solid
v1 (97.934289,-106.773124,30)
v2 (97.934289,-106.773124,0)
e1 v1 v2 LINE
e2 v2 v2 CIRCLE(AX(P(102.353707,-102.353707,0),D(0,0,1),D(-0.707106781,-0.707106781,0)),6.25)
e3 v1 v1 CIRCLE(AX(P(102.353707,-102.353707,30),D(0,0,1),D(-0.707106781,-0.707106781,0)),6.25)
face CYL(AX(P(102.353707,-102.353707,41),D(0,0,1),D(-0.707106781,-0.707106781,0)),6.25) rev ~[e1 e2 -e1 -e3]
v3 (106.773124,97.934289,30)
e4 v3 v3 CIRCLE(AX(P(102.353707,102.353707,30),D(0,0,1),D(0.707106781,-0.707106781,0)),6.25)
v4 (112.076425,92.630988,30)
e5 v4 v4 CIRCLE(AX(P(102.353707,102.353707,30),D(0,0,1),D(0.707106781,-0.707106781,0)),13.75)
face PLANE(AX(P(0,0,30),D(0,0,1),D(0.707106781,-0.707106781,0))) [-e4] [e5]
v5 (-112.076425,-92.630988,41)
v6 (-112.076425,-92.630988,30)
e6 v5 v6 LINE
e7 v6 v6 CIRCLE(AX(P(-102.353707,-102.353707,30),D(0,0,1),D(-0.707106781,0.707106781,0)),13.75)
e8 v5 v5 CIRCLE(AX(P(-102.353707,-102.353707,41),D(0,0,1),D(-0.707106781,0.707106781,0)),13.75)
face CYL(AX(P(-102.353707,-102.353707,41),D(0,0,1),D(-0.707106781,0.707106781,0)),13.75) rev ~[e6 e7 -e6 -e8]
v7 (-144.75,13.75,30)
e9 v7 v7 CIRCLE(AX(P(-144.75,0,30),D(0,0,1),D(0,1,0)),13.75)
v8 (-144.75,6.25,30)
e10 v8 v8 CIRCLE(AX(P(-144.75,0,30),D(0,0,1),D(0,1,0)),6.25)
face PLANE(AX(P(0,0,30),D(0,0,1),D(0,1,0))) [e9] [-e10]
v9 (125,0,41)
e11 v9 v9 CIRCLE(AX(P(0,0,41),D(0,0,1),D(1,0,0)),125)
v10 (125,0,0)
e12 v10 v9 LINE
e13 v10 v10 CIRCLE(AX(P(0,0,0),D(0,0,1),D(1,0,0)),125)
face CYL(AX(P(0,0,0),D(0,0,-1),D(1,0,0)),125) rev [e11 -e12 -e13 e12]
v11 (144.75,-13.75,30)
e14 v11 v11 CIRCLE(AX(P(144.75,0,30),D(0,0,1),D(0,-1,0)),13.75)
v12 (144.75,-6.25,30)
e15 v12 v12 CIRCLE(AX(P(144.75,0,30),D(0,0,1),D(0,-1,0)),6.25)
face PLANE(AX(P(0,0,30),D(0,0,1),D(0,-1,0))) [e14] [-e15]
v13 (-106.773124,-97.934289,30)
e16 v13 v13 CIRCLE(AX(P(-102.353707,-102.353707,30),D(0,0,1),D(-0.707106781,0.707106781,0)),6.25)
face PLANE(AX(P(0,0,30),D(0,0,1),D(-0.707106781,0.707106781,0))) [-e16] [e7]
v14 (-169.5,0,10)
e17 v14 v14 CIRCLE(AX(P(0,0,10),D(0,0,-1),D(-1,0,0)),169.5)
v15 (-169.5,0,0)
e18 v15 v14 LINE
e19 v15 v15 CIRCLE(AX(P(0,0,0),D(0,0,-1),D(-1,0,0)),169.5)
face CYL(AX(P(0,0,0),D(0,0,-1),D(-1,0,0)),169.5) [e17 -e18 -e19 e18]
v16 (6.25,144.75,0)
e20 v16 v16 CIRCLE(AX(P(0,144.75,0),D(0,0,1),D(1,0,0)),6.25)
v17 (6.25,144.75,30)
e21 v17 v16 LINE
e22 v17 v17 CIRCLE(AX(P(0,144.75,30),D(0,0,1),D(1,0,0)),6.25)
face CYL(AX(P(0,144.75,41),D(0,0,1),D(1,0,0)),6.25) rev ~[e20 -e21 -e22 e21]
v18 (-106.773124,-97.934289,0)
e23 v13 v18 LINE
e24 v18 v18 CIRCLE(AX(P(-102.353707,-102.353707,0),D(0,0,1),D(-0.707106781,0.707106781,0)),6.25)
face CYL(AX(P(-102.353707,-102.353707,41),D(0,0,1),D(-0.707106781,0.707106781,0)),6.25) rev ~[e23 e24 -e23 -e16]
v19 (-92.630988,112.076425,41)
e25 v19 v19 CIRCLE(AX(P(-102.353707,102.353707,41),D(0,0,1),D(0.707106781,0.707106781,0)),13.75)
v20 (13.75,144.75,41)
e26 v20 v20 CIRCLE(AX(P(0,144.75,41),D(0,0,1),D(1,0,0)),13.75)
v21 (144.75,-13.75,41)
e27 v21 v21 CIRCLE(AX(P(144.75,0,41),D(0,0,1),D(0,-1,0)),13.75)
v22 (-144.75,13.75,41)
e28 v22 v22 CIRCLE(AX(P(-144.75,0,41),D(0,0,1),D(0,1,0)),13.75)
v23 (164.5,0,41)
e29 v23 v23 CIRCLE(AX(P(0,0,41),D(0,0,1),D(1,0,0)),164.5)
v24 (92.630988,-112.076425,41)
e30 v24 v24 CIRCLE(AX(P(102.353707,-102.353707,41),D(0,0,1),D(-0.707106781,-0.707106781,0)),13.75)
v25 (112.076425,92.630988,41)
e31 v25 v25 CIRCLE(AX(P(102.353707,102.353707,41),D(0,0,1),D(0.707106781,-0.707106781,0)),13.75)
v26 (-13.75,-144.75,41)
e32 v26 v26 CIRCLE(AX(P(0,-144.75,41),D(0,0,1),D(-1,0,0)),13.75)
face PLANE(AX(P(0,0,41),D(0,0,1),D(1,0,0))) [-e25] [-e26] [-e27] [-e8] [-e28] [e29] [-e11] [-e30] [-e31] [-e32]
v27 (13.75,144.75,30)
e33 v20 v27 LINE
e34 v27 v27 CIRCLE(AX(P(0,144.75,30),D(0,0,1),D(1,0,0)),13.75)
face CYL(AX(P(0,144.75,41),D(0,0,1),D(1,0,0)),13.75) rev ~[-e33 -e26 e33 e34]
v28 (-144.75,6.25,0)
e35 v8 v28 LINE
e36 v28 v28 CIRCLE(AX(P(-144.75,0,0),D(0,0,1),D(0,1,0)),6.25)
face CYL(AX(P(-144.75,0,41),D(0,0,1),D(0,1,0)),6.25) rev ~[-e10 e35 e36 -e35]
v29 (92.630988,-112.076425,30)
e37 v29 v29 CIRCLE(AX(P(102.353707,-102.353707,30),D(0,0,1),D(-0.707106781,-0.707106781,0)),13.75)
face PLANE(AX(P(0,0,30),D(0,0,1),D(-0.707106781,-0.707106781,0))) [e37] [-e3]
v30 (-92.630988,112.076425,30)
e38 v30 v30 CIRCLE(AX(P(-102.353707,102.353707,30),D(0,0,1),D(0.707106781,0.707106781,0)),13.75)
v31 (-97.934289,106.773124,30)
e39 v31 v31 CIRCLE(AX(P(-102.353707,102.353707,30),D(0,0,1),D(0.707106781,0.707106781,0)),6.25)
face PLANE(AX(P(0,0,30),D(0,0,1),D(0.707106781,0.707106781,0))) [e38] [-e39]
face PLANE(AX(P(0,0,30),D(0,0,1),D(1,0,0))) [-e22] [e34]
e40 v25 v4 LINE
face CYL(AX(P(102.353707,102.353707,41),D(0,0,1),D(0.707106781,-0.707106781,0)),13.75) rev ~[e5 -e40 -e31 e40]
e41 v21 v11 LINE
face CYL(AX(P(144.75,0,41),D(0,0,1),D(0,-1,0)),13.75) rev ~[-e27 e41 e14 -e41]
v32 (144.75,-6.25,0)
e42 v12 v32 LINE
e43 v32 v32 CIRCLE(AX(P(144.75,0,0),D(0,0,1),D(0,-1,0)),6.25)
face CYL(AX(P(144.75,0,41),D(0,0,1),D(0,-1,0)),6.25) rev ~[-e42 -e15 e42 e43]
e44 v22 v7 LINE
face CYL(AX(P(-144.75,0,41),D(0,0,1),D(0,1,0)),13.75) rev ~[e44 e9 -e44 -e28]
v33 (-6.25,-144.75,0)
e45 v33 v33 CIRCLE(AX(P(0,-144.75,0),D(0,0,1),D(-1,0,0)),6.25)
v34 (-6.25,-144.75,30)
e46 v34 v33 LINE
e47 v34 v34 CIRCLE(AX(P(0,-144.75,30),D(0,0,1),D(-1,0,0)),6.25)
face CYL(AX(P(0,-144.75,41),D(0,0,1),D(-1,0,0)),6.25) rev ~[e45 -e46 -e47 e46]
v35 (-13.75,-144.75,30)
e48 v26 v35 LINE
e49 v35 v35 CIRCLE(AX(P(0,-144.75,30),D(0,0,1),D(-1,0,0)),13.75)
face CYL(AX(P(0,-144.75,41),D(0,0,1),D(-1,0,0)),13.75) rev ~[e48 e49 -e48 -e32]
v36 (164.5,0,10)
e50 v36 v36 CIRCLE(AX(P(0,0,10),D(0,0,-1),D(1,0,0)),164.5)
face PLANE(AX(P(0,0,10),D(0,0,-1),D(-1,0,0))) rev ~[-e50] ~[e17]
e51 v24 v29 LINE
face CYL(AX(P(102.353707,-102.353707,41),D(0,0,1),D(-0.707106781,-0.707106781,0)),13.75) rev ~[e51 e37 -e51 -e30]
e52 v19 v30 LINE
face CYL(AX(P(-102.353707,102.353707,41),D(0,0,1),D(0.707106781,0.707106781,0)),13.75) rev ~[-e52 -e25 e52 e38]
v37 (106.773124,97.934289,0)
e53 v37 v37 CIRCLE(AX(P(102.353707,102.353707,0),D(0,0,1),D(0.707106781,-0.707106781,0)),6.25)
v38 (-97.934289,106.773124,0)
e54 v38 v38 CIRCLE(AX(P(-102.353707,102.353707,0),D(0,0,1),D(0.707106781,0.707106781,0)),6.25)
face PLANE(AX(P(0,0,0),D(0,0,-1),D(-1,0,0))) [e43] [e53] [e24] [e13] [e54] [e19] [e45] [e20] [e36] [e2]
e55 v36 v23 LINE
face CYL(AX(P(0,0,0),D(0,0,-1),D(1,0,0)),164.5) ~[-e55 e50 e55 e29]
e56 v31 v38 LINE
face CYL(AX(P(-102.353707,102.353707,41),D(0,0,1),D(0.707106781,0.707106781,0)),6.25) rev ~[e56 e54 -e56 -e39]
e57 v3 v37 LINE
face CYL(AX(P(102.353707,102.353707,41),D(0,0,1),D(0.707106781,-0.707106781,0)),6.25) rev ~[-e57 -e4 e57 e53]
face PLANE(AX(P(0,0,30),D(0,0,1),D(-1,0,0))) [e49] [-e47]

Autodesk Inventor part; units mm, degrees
ref_plane "YZ Plane" through (0, 0, 0) normal (1, 0, 0) x (0, 1, 0)
ref_plane "XZ Plane" through (0, 0, 0) normal (0, 1, 0) x (-1, 0, 0)
ref_plane "XY Plane" through (0, 0, 0) normal (0, 0, 1) x (1, 0, 0)
sketch "Sketch1" plane through (0, 0, 0) normal (0, 0, 1) x (1, 0, 0)
  circle A0 centre (0, 0) radius 125
  circle A1 centre (0, 0) radius 164.5
  dimension "d0" = 39.5
  dimension "d1" = 250
extrude "Extrusion1" add sketch "Sketch1" along normal blind 41
sketch "Sketch2" plane through (0, 0, 41) normal (0, 0, 1) x (1, 0, 0)
  circle A0 centre (0, 0) radius 164.5 construction
  circle A1 centre (0, 0) radius 125 construction
  line L0 (0, 164.5) -> (0, 125) construction
  circle A2 centre (0, 144.75) radius 6.25
  dimension "d4" = 12.5
extrude "Extrusion2" cut sketch "Sketch2" against normal through all
sketch "Sketch3" plane through (0, 0, 41) normal (0, 0, 1) x (1, 0, 0)
  circle A0 centre (0, 144.75) radius 6.25 projected
  circle A1 centre (0, 144.75) radius 13.75
  point P0 (0, 0)
  dimension "d10" = 27.5
extrude "Extrusion3" cut sketch "Sketch3" against normal blind 11
pattern_circular "Circular Pattern1" count 8 over 360 about axis through (0, 0, 0) along (0, 0, 1) of "Extrusion2", "Extrusion3"
sketch "Sketch4" plane through (0, 0, 0) normal (0, 0, -1) x (-1, 0, 0)
  circle A0 centre (0, 0) radius 164.5 projected
  circle A1 centre (0, 0) radius 169.5
  dimension "d13" = 5
extrude "Extrusion4" add sketch "Sketch4" against normal blind 10
equation "\"d1\" = Вал_ось_диаметр_НОС"
equation "\"Вал_ось_диаметр_НОС\" = 250"
properties part number "ДМФ 01 31 Барабан Опорное кольцо НОС v2.0"
